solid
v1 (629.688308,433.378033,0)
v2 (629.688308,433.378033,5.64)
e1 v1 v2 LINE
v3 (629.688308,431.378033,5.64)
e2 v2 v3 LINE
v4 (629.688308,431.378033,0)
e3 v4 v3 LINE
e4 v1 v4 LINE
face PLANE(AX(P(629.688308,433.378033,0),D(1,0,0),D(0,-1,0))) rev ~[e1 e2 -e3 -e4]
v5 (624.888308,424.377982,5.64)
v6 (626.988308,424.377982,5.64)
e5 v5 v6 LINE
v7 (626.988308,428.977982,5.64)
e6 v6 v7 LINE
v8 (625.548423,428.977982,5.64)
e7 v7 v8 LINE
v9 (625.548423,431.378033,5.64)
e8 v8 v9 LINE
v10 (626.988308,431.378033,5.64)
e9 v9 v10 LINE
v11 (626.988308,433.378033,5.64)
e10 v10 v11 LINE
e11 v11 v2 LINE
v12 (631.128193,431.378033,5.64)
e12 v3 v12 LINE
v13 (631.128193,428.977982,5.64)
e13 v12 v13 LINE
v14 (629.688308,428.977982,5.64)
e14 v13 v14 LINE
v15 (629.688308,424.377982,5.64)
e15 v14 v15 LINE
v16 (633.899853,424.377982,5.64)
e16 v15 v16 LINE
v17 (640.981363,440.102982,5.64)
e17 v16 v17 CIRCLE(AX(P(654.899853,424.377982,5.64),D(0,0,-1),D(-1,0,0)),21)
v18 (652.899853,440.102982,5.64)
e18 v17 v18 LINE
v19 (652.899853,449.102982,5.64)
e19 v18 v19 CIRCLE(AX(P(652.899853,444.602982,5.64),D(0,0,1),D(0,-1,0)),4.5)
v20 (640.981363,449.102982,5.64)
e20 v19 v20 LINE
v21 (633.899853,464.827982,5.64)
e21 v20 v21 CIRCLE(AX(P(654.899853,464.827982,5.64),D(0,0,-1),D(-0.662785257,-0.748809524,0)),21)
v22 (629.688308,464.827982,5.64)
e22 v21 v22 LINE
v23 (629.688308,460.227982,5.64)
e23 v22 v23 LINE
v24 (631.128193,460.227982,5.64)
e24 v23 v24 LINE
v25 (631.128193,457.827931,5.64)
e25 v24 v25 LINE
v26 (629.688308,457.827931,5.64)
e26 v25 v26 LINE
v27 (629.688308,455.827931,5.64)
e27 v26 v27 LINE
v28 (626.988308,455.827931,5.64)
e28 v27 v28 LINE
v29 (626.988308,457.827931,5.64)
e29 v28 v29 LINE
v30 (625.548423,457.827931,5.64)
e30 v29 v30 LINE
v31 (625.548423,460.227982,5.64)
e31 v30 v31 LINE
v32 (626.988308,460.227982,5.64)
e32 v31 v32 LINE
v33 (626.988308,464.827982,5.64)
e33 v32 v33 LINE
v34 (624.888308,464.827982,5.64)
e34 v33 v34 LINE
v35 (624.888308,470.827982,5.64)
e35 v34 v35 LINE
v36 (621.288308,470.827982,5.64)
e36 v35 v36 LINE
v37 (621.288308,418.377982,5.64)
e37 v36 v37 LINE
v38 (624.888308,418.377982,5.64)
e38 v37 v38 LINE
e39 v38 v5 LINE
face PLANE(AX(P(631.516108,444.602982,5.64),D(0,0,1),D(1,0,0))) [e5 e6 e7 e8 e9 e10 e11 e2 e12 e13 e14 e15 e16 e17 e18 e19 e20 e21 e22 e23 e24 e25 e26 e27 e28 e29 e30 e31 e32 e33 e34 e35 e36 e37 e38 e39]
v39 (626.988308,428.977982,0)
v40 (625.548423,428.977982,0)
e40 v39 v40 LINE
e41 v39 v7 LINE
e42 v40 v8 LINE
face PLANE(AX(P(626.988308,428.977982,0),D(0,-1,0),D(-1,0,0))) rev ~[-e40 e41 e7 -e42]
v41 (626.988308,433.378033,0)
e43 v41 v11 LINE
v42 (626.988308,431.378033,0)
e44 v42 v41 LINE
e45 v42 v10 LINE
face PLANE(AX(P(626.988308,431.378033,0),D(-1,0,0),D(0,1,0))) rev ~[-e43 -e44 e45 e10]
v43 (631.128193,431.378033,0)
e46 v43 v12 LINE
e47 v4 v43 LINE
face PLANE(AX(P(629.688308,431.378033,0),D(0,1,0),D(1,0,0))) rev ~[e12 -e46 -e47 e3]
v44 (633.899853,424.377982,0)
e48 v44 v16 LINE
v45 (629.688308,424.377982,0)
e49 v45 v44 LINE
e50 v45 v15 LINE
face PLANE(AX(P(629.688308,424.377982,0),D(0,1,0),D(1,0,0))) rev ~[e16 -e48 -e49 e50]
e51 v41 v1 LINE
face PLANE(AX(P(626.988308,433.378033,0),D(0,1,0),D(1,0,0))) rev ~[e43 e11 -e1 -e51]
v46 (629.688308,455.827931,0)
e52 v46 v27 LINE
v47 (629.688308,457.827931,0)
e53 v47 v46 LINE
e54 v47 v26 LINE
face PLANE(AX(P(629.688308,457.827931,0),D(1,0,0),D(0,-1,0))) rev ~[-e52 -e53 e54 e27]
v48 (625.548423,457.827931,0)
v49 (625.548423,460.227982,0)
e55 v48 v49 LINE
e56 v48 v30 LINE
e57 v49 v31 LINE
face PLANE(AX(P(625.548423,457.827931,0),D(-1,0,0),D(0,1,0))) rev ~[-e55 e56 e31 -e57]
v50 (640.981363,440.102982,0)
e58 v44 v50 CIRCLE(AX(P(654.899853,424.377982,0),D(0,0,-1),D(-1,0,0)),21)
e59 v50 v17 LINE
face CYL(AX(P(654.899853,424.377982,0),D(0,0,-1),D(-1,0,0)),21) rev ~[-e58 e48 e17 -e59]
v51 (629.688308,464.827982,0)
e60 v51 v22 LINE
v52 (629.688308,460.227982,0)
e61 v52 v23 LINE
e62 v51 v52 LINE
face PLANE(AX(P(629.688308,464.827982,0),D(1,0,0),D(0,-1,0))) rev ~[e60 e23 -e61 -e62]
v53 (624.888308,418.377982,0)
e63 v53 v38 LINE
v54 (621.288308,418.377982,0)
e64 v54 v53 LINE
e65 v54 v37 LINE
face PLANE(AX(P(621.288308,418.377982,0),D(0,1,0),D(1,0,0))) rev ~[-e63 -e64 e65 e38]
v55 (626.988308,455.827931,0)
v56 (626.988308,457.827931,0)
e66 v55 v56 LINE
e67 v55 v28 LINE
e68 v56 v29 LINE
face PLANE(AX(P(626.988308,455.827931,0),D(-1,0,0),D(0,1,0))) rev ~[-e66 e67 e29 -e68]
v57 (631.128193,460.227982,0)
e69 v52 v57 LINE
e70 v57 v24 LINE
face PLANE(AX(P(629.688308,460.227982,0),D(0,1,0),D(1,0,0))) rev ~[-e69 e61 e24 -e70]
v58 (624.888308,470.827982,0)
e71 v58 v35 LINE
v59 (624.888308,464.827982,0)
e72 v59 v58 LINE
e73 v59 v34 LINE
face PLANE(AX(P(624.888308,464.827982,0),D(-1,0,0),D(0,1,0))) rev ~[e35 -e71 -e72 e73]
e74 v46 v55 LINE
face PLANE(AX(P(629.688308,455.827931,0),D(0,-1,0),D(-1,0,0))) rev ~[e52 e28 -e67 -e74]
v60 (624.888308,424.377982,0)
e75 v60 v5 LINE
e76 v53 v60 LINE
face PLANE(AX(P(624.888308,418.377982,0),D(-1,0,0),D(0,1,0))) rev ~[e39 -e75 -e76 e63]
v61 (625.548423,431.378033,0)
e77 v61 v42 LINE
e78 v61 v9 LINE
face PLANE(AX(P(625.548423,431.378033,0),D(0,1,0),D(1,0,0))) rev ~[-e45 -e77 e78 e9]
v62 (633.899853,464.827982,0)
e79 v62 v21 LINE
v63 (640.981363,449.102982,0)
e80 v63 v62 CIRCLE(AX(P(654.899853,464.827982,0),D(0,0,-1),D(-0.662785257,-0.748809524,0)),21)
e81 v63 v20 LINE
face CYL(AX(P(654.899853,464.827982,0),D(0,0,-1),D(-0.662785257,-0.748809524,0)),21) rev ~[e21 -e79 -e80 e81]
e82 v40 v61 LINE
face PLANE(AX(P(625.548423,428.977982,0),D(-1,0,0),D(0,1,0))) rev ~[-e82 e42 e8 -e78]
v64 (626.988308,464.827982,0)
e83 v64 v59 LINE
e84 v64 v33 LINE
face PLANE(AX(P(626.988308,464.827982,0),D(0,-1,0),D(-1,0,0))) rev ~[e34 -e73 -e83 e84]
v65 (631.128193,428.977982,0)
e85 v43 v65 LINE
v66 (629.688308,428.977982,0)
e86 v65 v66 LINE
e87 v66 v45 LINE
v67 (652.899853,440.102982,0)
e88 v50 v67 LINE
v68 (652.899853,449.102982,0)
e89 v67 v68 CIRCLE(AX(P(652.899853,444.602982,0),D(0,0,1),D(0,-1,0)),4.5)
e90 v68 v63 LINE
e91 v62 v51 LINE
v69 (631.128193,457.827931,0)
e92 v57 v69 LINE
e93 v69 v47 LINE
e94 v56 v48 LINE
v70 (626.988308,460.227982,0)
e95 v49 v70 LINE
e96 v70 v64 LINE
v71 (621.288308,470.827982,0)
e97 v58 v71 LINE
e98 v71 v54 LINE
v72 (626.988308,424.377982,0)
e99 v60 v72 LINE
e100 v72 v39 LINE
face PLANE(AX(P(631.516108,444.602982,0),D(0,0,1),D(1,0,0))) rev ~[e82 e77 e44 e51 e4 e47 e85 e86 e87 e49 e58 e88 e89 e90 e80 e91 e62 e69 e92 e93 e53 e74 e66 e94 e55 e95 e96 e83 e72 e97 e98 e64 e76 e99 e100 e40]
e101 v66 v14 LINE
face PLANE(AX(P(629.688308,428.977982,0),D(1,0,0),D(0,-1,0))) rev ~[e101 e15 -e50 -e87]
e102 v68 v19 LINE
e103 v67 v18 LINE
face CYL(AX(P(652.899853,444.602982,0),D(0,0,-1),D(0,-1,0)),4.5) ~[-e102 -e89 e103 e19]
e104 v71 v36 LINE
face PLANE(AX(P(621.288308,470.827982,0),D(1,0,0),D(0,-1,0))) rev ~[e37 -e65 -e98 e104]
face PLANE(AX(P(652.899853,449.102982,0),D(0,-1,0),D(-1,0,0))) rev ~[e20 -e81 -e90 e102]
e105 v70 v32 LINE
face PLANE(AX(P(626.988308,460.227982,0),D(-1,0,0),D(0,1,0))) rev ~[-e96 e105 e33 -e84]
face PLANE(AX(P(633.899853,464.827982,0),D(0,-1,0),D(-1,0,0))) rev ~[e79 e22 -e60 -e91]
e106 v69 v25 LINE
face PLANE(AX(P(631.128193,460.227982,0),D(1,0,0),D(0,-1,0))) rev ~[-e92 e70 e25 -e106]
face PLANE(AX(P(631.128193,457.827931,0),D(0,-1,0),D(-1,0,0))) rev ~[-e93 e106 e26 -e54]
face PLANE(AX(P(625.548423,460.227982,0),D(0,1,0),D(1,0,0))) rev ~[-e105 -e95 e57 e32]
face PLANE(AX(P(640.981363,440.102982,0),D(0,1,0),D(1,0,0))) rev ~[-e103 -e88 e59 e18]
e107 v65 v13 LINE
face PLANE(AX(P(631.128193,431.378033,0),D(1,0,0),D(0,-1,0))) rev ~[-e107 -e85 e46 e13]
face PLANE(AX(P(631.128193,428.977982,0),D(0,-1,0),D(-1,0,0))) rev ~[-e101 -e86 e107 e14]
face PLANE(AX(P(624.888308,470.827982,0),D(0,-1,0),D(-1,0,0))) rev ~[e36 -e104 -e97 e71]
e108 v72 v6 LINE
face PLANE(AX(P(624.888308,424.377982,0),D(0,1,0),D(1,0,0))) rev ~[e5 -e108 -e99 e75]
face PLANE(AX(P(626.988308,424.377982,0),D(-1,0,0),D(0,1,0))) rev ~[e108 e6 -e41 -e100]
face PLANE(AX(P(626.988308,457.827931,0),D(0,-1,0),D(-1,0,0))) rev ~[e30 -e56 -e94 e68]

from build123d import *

# Parameters (mm, degrees)
BOSS_EXTRUDE1_DEPTH = 5.64


with BuildPart() as part:
    # Sketch1 → Boss-Extrude1 (new body)
    with BuildSketch(Plane.XY):
        with BuildLine():
            Line((652.899853243, 449.102981641), (640.981362844, 449.102981641))
            ThreePointArc((640.981362844, 449.102981641), (635.751899065, 456.204997772), (633.899853243, 464.827981641))
            Line((633.899853243, 464.827981641), (629.688308144, 464.827981641))
            Line((629.688308144, 464.827981641), (629.688308144, 460.227981641))
            Line((629.688308144, 460.227981641), (631.128193187, 460.227981641))
            Line((631.128193187, 460.227981641), (631.128193187, 457.827930641))
            Line((631.128193187, 457.827930641), (629.688308144, 457.827930641))
            Line((629.688308144, 457.827930641), (629.688308144, 455.827930641))
            Line((629.688308144, 455.827930641), (626.988308144, 455.827930641))
            Line((626.988308144, 455.827930641), (626.988308144, 457.827930641))
            Line((626.988308144, 457.827930641), (625.548423101, 457.827930641))
            Line((625.548423101, 457.827930641), (625.548423101, 460.227981641))
            Line((625.548423101, 460.227981641), (626.988308144, 460.227981641))
            Line((626.988308144, 460.227981641), (626.988308144, 464.827981641))
            Line((626.988308144, 464.827981641), (624.888308144, 464.827981641))
            Line((624.888308144, 464.827981641), (624.888308144, 470.827981641))
            Line((624.888308144, 470.827981641), (621.288308144, 470.827981641))
            Line((621.288308144, 470.827981641), (621.288308144, 464.827981641))
            Line((621.288308144, 464.827981641), (621.288308144, 424.377981641))
            Line((621.288308144, 424.377981641), (621.288308144, 418.377981641))
            Line((621.288308144, 418.377981641), (624.888308144, 418.377981641))
            Line((624.888308144, 418.377981641), (624.888308144, 424.377981641))
            Line((624.888308144, 424.377981641), (626.988308144, 424.377981641))
            Line((626.988308144, 424.377981641), (626.988308144, 428.977981641))
            Line((626.988308144, 428.977981641), (625.548423101, 428.977981641))
            Line((625.548423101, 428.977981641), (625.548423101, 431.378032641))
            Line((625.548423101, 431.378032641), (626.988308144, 431.378032641))
            Line((626.988308144, 431.378032641), (626.988308144, 433.378032641))
            Line((626.988308144, 433.378032641), (629.688308144, 433.378032641))
            Line((629.688308144, 433.378032641), (629.688308144, 431.378032641))
            Line((629.688308144, 431.378032641), (631.128193187, 431.378032641))
            Line((631.128193187, 431.378032641), (631.128193187, 428.977981641))
            Line((631.128193187, 428.977981641), (629.688308144, 428.977981641))
            Line((629.688308144, 428.977981641), (629.688308144, 424.377981641))
            Line((629.688308144, 424.377981641), (633.899853243, 424.377981641))
            ThreePointArc((633.899853243, 424.377981641), (635.751899065, 433.00096551), (640.981362844, 440.102981641))
            Line((640.981362844, 440.102981641), (652.899853243, 440.102981641))
            ThreePointArc((652.899853243, 440.102981641), (657.399853243, 444.602981641), (652.899853243, 449.102981641))
        make_face()
    extrude(amount=BOSS_EXTRUDE1_DEPTH)


solid = part.part
